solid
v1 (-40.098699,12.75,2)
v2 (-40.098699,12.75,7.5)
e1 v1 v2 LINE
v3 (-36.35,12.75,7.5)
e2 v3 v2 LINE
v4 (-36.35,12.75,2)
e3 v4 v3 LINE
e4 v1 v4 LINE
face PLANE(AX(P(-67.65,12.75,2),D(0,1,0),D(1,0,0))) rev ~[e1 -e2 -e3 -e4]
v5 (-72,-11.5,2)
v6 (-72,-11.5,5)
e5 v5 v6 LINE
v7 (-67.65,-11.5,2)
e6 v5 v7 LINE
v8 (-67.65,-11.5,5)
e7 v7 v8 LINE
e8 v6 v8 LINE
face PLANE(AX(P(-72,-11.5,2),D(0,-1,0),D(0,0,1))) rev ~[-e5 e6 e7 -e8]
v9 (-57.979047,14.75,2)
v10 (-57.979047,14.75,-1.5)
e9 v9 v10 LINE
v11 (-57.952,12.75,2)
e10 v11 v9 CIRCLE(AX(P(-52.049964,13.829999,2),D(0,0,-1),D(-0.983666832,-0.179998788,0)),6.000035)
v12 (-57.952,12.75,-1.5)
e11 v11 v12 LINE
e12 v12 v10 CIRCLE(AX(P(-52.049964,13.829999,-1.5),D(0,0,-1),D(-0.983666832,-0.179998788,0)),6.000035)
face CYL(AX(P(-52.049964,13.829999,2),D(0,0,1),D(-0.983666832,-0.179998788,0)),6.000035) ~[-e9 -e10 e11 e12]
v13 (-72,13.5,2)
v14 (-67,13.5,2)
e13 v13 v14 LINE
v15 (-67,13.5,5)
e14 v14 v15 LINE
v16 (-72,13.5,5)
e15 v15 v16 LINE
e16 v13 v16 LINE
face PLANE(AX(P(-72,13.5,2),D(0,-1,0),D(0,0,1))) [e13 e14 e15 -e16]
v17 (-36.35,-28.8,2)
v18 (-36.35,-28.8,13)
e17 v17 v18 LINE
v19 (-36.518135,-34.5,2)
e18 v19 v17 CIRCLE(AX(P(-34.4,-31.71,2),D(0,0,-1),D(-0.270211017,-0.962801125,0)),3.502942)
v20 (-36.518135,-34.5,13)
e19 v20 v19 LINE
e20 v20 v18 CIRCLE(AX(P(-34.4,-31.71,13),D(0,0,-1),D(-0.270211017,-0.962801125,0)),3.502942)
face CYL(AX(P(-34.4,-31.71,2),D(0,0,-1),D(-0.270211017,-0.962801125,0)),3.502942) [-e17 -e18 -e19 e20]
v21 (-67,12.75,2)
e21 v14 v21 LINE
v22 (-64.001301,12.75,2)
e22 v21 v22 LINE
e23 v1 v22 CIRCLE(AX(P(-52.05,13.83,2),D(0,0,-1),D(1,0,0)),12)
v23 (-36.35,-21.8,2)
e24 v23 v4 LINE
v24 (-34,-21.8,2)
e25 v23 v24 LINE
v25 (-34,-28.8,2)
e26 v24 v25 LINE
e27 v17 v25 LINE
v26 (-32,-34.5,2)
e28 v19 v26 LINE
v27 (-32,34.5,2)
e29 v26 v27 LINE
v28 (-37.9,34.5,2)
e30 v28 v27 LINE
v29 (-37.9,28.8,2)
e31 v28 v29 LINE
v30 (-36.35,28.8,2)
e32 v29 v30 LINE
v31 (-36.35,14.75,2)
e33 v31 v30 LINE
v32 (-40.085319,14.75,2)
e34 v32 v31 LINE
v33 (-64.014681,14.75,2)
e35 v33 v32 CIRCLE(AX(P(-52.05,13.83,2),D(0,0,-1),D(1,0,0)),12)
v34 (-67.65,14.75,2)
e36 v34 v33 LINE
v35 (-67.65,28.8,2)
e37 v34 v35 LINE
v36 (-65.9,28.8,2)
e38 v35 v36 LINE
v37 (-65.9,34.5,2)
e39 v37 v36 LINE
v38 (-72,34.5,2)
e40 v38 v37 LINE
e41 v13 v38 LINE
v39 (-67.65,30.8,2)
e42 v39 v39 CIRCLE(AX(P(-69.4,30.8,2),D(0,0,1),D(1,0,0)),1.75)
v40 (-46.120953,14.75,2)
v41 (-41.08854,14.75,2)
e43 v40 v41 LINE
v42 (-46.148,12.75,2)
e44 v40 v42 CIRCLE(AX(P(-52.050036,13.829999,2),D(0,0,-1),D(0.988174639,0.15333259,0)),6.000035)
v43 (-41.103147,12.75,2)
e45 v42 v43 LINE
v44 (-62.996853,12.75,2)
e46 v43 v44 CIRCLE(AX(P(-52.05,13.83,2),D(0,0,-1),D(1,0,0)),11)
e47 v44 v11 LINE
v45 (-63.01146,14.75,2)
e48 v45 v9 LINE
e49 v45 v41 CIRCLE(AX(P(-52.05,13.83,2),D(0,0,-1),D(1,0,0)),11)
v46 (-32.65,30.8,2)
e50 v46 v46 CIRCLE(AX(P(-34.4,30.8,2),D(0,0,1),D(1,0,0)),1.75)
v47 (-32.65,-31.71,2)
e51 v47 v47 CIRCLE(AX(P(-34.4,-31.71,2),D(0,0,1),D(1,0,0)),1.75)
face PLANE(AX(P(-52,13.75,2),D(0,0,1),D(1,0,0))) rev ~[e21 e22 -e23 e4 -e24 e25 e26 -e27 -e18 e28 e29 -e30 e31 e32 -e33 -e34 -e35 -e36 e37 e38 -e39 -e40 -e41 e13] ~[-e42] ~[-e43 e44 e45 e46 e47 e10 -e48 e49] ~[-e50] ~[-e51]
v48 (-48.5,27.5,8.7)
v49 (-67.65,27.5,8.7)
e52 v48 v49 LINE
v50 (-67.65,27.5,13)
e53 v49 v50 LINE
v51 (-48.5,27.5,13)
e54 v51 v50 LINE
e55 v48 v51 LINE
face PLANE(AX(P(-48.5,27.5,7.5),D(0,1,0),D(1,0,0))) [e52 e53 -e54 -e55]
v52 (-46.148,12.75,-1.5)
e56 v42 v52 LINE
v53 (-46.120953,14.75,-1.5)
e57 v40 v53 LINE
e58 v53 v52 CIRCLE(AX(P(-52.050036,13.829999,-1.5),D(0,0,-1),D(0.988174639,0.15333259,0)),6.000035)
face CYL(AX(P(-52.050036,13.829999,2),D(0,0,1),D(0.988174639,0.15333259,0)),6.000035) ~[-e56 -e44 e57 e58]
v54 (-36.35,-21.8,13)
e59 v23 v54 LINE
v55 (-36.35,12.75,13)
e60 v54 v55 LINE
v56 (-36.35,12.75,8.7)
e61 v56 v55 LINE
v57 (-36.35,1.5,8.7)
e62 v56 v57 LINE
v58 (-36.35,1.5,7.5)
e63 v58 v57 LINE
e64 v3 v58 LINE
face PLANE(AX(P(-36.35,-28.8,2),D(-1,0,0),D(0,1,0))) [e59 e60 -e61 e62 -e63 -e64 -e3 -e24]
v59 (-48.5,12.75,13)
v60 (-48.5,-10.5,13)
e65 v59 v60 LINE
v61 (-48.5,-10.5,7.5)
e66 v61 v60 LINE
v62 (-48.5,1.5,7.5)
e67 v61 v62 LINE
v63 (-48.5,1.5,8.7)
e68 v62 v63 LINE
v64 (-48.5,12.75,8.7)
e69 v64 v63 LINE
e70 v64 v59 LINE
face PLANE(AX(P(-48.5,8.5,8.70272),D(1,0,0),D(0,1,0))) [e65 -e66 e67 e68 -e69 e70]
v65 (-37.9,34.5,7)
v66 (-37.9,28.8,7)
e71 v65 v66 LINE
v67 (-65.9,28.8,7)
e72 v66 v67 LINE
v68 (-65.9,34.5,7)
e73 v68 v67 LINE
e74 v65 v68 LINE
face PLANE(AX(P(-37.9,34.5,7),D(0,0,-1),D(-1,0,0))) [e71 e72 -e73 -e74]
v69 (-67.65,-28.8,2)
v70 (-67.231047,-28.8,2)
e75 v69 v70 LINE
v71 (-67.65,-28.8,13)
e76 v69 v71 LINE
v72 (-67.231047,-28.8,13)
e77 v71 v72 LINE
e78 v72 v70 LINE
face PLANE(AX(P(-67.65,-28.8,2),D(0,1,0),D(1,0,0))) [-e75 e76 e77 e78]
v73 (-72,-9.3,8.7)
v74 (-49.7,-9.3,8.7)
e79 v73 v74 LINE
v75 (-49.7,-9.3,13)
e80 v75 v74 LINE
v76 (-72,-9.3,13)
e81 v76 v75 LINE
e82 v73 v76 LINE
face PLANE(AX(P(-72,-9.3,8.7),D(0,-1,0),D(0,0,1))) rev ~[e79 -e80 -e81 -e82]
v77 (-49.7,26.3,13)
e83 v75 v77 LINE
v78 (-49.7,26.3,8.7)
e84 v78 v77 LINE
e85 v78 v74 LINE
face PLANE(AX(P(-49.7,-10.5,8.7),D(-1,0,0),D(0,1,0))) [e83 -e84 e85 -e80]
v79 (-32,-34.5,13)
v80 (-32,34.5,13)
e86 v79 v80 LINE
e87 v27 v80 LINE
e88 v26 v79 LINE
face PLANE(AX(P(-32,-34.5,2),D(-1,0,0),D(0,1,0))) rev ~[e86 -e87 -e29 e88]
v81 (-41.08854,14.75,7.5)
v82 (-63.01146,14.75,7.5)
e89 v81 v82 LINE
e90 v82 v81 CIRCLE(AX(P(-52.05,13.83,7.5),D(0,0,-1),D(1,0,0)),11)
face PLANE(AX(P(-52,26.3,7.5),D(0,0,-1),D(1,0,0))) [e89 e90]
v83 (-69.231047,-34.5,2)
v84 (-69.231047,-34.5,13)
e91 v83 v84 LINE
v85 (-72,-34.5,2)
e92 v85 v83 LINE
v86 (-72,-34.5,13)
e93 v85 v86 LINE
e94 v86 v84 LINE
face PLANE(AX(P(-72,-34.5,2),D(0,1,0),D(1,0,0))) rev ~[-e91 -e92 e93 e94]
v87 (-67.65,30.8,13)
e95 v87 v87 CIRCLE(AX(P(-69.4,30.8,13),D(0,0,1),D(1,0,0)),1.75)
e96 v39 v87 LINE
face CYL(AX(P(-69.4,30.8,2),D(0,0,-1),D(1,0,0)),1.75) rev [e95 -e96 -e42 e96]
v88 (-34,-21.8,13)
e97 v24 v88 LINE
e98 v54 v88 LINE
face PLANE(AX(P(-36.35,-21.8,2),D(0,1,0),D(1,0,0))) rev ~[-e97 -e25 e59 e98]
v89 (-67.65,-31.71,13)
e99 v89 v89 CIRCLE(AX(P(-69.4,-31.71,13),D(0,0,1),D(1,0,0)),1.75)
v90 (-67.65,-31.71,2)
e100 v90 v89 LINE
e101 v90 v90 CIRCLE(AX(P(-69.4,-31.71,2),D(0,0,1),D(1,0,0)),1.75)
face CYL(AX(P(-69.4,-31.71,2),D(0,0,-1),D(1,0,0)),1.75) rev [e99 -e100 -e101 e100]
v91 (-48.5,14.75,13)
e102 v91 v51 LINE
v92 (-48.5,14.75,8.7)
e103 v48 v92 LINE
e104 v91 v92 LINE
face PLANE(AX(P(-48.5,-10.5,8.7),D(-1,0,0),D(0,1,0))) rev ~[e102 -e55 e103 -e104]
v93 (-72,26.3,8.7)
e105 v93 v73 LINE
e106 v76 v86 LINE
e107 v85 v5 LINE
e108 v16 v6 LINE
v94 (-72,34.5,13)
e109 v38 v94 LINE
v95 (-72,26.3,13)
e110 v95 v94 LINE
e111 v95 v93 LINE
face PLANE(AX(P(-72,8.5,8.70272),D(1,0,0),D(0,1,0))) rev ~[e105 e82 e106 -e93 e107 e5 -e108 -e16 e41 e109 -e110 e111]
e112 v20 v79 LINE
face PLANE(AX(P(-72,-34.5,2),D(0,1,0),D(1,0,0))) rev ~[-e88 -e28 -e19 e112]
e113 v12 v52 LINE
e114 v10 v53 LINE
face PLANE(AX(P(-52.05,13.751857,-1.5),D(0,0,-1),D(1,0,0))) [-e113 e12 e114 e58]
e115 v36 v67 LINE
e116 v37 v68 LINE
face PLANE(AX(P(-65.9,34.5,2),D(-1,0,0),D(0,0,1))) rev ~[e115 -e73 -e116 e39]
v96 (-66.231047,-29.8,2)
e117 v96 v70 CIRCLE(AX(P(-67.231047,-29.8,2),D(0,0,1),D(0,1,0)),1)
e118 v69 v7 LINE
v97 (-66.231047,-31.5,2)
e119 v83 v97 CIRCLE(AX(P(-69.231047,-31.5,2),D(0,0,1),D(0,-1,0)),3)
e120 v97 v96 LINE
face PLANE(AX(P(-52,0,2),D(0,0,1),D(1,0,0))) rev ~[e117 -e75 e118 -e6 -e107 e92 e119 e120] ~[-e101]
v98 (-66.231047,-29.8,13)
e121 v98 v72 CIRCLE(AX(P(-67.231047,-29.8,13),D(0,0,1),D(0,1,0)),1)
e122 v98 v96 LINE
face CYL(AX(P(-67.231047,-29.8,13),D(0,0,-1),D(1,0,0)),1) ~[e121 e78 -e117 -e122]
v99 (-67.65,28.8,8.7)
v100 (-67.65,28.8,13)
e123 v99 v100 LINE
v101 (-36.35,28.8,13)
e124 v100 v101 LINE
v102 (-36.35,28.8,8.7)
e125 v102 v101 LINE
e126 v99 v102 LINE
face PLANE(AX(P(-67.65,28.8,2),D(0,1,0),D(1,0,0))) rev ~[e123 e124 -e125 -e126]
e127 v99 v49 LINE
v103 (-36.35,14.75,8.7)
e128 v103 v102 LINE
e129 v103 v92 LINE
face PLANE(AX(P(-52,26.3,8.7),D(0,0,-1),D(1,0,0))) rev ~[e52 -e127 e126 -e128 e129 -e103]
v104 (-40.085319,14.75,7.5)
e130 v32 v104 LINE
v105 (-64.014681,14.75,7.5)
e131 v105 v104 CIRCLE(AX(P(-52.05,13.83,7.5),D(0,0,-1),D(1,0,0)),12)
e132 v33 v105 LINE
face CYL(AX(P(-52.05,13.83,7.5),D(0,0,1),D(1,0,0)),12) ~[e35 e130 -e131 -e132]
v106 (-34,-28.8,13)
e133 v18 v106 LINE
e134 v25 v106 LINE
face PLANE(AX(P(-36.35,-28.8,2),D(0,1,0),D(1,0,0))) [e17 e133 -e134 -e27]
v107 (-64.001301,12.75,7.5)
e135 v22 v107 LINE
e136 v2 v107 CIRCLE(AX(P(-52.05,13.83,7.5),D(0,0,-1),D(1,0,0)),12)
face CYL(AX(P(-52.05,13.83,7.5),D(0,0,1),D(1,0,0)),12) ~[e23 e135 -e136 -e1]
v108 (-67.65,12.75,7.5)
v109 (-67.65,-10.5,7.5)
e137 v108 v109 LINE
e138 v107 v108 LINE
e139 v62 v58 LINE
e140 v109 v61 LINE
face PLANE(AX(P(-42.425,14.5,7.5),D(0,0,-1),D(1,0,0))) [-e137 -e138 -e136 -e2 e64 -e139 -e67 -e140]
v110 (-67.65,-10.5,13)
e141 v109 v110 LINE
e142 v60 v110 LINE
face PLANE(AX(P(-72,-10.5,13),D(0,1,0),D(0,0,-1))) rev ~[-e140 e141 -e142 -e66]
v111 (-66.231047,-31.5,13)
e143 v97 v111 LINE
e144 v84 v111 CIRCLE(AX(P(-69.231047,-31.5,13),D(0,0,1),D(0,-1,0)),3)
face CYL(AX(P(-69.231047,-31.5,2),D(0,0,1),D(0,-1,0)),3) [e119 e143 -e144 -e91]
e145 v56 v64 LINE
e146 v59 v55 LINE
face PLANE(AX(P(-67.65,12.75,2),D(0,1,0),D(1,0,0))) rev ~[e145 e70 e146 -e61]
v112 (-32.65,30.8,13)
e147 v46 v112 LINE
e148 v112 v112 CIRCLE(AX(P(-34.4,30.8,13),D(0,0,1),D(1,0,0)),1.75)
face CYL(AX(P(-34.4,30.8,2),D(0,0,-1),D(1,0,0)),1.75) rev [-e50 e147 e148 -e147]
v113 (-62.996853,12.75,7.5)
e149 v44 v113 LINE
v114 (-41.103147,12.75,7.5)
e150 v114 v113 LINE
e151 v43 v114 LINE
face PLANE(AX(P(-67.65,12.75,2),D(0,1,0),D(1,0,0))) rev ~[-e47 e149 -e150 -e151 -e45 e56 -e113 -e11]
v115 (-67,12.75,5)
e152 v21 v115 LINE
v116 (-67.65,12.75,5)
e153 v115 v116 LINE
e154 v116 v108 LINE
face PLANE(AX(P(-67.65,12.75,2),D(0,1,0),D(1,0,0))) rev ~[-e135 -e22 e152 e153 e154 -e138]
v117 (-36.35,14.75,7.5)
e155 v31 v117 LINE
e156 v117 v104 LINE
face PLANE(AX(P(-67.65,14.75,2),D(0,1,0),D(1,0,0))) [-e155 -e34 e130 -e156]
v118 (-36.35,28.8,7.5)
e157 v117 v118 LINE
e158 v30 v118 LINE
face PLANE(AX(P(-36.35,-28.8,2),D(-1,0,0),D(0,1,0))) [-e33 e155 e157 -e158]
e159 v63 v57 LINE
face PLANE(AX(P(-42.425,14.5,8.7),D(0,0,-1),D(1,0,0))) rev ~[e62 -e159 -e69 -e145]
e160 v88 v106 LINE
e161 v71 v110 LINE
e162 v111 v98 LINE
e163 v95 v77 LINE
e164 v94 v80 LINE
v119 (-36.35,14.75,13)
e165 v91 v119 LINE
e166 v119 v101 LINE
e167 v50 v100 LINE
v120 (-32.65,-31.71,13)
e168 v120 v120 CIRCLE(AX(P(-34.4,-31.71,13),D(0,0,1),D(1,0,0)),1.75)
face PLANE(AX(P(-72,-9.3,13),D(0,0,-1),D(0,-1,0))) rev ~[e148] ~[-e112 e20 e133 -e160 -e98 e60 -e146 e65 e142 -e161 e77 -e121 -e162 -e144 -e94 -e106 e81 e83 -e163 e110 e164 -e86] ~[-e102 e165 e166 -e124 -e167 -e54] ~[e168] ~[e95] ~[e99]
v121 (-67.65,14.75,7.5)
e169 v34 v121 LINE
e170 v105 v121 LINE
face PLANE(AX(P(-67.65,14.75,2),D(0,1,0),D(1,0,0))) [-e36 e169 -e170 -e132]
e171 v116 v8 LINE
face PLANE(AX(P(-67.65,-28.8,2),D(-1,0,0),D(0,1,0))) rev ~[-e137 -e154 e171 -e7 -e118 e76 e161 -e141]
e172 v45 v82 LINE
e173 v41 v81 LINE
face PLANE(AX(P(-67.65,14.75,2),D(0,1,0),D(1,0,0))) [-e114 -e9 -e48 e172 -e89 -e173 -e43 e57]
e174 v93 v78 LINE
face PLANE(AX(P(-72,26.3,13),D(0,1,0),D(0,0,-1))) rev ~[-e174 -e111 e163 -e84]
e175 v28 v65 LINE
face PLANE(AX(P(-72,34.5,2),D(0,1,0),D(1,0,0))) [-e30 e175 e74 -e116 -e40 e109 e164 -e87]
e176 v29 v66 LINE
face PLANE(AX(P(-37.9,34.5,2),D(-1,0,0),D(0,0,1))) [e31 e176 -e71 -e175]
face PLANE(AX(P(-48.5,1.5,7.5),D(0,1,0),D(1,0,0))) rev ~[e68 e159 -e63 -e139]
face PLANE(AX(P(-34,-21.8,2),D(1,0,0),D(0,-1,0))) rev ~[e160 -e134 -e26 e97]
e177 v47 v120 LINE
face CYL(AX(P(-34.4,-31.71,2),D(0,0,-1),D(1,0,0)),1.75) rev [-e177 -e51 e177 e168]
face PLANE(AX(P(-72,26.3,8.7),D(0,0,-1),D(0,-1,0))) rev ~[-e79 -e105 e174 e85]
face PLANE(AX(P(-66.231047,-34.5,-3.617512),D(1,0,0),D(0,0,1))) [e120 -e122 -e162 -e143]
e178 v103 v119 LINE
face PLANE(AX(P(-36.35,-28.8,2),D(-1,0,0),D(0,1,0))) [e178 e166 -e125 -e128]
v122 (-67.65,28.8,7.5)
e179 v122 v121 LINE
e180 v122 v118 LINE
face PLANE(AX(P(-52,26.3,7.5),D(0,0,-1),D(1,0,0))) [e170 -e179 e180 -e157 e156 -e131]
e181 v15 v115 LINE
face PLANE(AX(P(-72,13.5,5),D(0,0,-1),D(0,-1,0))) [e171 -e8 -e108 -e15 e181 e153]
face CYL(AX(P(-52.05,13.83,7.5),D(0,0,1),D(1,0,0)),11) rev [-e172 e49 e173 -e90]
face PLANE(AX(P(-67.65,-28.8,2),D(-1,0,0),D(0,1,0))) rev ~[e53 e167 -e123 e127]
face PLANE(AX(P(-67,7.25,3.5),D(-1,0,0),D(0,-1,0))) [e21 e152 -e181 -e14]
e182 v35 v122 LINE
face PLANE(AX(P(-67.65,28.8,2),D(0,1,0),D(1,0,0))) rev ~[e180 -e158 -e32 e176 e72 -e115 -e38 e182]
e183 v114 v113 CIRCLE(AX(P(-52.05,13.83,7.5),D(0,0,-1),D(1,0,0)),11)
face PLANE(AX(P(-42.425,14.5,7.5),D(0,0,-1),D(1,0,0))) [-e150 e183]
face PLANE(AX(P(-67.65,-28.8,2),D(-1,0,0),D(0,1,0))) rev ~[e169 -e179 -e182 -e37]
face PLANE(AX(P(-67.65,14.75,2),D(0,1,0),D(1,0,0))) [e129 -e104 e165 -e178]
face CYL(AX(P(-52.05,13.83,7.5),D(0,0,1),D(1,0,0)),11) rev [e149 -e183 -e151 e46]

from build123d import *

# Parameters (mm, degrees)
SKETCH009_W     = 40
SKETCH009_H     = 69
SKETCH009_R     = 1.75
SKETCH009_W_2   = 31.3
SKETCH009_H_2   = 57.6
PAD004_DEPTH    = 11
SKETCH010_W     = 28
SKETCH010_H     = 23
POCKET005_DEPTH = 8
SKETCH011_W     = 28
SKETCH011_H     = 5
POCKET006_DEPTH = 8
SKETCH012_W     = 25
SKETCH012_H     = 3
POCKET007_DEPTH = 7
SKETCH013_W     = 38
SKETCH013_H     = 5.5
POCKET008_DEPTH = 5
SKETCH014_W     = 31.3
SKETCH014_H     = 2
PAD005_DEPTH    = 11
SKETCH015_W     = 12.5
SKETCH015_H     = 3
POCKET009_DEPTH = 5
SKETCH016_W     = 38
SKETCH016_H     = 5.5
POCKET010_DEPTH = 23.5
PAD006_DEPTH    = 23.5
SKETCH018_W     = 1.2
SKETCH018_H     = 38
PAD007_DEPTH    = 4.3
SKETCH019_W     = 12.15
SKETCH019_H     = 26
PAD008_DEPTH    = 1.2
SKETCH032_W     = 2.35
SKETCH032_H     = 7
POCKET014_DEPTH = 13
SKETCH033_W     = 31.3
SKETCH033_H     = 5
PAD018_DEPTH    = 1.2
SKETCH034_R     = 12
SKETCH034_R_2   = 11
PAD019_DEPTH    = 5.5
PAD020_DEPTH    = 3.5
FILLET_R        = 3
FILLET001_R     = 1


with BuildPart() as part:
    # Sketch009 → Pad004 (new body)
    with BuildSketch(Plane.XY):
        with Locations((-0.1, -1)):
            Rectangle(SKETCH009_W, SKETCH009_H)
        with Locations((-17.5, -32.71)):
            Circle(SKETCH009_R, mode=Mode.SUBTRACT)
        with Locations((17.5, -32.71)):
            Circle(SKETCH009_R, mode=Mode.SUBTRACT)
        with Locations((-17.5, 29.8)):
            Circle(SKETCH009_R, mode=Mode.SUBTRACT)
        with Locations((17.5, 29.8)):
            Circle(SKETCH009_R, mode=Mode.SUBTRACT)
        with Locations((-0.1, -1)):
            Rectangle(SKETCH009_W_2, SKETCH009_H_2, mode=Mode.SUBTRACT)
    extrude(amount=PAD004_DEPTH)

    # Sketch010 (on Face3 of Pad004) → Pocket005 (cut)
    with BuildSketch(Plane.XZ.offset(35.5)):
        with Locations((-0.331047, 5.882488)):
            Rectangle(SKETCH010_W, SKETCH010_H)
    extrude(amount=-POCKET005_DEPTH, mode=Mode.SUBTRACT)

    # Sketch011 (on Face1 of Pocket005) → Pocket006 (cut)
    with BuildSketch(Plane(origin=(0, 33.5, 0), x_dir=(-1, 0, 0), z_dir=(0, 1, 0))):
        with Locations((0, 2.5)):
            Rectangle(SKETCH011_W, SKETCH011_H)
    extrude(amount=-POCKET006_DEPTH, mode=Mode.SUBTRACT)

    # Sketch012 (on Face9 of Pocket006) → Pocket007 (cut)
    with BuildSketch(Plane(origin=(-20.1, 0, 0), x_dir=(0, -1, 0), z_dir=(-1, 0, 0))):
        with Locations((0, 1.5)):
            Rectangle(SKETCH012_W, SKETCH012_H)
    extrude(amount=-POCKET007_DEPTH, mode=Mode.SUBTRACT)

    # Sketch013 (on Face9 of Pocket007) → Pocket008 (cut)
    with BuildSketch(Plane(origin=(-20.1, 0, 0), x_dir=(0, -1, 0), z_dir=(-1, 0, 0))):
        with Locations((-7.5, 8.25)):
            Rectangle(SKETCH013_W, SKETCH013_H)
    extrude(amount=-POCKET008_DEPTH, mode=Mode.SUBTRACT)

    # Sketch014 → Pad005 (join)
    with BuildSketch(Plane.XY):
        with Locations((-0.1, 12.75)):
            Rectangle(SKETCH014_W, SKETCH014_H)
    extrude(amount=PAD005_DEPTH)

    # Sketch015 (on Face9 of Pad005) → Pocket009 (cut)
    with BuildSketch(Plane(origin=(-20.1, 0, 0), x_dir=(0, -1, 0), z_dir=(-1, 0, 0))):
        with Locations((-6.25, 1.5)):
            Rectangle(SKETCH015_W, SKETCH015_H)
    extrude(amount=-POCKET009_DEPTH, mode=Mode.SUBTRACT)

    # Sketch016 (on Face9 of Pocket009) → Pocket010 (cut)
    with BuildSketch(Plane(origin=(-20.1, 0, 0), x_dir=(0, -1, 0), z_dir=(-1, 0, 0))):
        with Locations((-7.5, 8.25)):
            Rectangle(SKETCH016_W, SKETCH016_H)
    extrude(amount=-POCKET010_DEPTH, mode=Mode.SUBTRACT)

    # Sketch017 (on Face9 of Pocket010) → Pad006 (join)
    with BuildSketch(Plane(origin=(-20.1, 0, 0), x_dir=(0, -1, 0), z_dir=(-1, 0, 0))):
        Polygon((11.5, 11), (11.5, 5.5), (-26.5, 5.5), (-26.5, 11), (-25.3, 11), (-25.3, 6.7), (10.3, 6.7), (10.3, 11), align=None)
    extrude(amount=-PAD006_DEPTH)

    # Sketch018 (on Face45 of Pad006) → Pad007 (join)
    with BuildSketch(Plane.XY.offset(6.7)):
        with Locations((2.8, 7.5)):
            Rectangle(SKETCH018_W, SKETCH018_H)
    extrude(amount=PAD007_DEPTH)

    # Sketch019 (on Face36 of Pad007) → Pad008 (join)
    with BuildSketch(Plane(origin=(0, 0, 5.5), x_dir=(1, 0, 0), z_dir=(0, 0, -1))):
        with Locations((9.475, -13.5)):
            Rectangle(SKETCH019_W, SKETCH019_H)
    extrude(amount=-PAD008_DEPTH)

    # Sketch032 (on Face6 of Pad008) → Pocket014 (cut)
    with BuildSketch(Plane(origin=(0, 0, 0), x_dir=(1, 0, 0), z_dir=(0, 0, -1))):
        with Locations((16.725, 26.3)):
            Rectangle(SKETCH032_W, SKETCH032_H)
        with BuildLine():
            ThreePointArc((16.553467, 36.082636), (14.040903, 33.26249), (15.55, 29.8))
            Line((15.55, 29.8), (10.188963, 29.8))
            Line((10.188963, 29.8), (10.188963, 36.082636))
            Line((10.188963, 36.082636), (16.553467, 36.082636))
        make_face()
    extrude(amount=-POCKET014_DEPTH, mode=Mode.SUBTRACT)

    # Sketch033 (on Face43 of Pocket014) → Pad018 (join)
    with BuildSketch(Plane(origin=(0, 0, 5.5), x_dir=(1, 0, 0), z_dir=(0, 0, -1))):
        with Locations((-0.1, -25.3)):
            Rectangle(SKETCH033_W, SKETCH033_H)
    extrude(amount=-PAD018_DEPTH)

    # Sketch034 (on Face41 of Pad018) → Pad019 (join)
    with BuildSketch(Plane(origin=(0, 0, 5.5), x_dir=(1, 0, 0), z_dir=(0, 0, -1))):
        with Locations((-0.15, -12.83)):
            Circle(SKETCH034_R)
        with Locations((-0.15, -12.83)):
            Circle(SKETCH034_R_2, mode=Mode.SUBTRACT)
    extrude(amount=PAD019_DEPTH)

    # Sketch035 (on Face75 of Pad019) → Pad020 (join)
    with BuildSketch(Plane(origin=(0, 0, 0), x_dir=(1, 0, 0), z_dir=(0, 0, -1))):
        with BuildLine():
            ThreePointArc((-6.052, -11.75), (-6.149451, -12.748865), (-6.079047, -13.75))
            Line((-6.079047, -13.75), (5.779047, -13.75))
            ThreePointArc((5.779047, -13.75), (5.849451, -12.748865), (5.752, -11.75))
            Line((-6.052, -11.75), (5.752, -11.75))
        make_face()
    extrude(amount=PAD020_DEPTH)

    # Fillet
    fillet_edges = [part.edges().sort_by_distance(p)[0] for p in [
        (-14.331047, -35.5, 5.5),
    ]]
    fillet(fillet_edges, radius=FILLET_R)

    # Fillet001
    fillet001_edges = [part.edges().sort_by_distance(p)[0] for p in [
        (-14.331047, -29.8, 5.5),
    ]]
    fillet(fillet001_edges, radius=FILLET001_R)


with BuildPart() as part_1:
    # Body001 placement: moved
    add(part.part.moved(Location((-51.9, 1, 2))))


solid = part_1.part
